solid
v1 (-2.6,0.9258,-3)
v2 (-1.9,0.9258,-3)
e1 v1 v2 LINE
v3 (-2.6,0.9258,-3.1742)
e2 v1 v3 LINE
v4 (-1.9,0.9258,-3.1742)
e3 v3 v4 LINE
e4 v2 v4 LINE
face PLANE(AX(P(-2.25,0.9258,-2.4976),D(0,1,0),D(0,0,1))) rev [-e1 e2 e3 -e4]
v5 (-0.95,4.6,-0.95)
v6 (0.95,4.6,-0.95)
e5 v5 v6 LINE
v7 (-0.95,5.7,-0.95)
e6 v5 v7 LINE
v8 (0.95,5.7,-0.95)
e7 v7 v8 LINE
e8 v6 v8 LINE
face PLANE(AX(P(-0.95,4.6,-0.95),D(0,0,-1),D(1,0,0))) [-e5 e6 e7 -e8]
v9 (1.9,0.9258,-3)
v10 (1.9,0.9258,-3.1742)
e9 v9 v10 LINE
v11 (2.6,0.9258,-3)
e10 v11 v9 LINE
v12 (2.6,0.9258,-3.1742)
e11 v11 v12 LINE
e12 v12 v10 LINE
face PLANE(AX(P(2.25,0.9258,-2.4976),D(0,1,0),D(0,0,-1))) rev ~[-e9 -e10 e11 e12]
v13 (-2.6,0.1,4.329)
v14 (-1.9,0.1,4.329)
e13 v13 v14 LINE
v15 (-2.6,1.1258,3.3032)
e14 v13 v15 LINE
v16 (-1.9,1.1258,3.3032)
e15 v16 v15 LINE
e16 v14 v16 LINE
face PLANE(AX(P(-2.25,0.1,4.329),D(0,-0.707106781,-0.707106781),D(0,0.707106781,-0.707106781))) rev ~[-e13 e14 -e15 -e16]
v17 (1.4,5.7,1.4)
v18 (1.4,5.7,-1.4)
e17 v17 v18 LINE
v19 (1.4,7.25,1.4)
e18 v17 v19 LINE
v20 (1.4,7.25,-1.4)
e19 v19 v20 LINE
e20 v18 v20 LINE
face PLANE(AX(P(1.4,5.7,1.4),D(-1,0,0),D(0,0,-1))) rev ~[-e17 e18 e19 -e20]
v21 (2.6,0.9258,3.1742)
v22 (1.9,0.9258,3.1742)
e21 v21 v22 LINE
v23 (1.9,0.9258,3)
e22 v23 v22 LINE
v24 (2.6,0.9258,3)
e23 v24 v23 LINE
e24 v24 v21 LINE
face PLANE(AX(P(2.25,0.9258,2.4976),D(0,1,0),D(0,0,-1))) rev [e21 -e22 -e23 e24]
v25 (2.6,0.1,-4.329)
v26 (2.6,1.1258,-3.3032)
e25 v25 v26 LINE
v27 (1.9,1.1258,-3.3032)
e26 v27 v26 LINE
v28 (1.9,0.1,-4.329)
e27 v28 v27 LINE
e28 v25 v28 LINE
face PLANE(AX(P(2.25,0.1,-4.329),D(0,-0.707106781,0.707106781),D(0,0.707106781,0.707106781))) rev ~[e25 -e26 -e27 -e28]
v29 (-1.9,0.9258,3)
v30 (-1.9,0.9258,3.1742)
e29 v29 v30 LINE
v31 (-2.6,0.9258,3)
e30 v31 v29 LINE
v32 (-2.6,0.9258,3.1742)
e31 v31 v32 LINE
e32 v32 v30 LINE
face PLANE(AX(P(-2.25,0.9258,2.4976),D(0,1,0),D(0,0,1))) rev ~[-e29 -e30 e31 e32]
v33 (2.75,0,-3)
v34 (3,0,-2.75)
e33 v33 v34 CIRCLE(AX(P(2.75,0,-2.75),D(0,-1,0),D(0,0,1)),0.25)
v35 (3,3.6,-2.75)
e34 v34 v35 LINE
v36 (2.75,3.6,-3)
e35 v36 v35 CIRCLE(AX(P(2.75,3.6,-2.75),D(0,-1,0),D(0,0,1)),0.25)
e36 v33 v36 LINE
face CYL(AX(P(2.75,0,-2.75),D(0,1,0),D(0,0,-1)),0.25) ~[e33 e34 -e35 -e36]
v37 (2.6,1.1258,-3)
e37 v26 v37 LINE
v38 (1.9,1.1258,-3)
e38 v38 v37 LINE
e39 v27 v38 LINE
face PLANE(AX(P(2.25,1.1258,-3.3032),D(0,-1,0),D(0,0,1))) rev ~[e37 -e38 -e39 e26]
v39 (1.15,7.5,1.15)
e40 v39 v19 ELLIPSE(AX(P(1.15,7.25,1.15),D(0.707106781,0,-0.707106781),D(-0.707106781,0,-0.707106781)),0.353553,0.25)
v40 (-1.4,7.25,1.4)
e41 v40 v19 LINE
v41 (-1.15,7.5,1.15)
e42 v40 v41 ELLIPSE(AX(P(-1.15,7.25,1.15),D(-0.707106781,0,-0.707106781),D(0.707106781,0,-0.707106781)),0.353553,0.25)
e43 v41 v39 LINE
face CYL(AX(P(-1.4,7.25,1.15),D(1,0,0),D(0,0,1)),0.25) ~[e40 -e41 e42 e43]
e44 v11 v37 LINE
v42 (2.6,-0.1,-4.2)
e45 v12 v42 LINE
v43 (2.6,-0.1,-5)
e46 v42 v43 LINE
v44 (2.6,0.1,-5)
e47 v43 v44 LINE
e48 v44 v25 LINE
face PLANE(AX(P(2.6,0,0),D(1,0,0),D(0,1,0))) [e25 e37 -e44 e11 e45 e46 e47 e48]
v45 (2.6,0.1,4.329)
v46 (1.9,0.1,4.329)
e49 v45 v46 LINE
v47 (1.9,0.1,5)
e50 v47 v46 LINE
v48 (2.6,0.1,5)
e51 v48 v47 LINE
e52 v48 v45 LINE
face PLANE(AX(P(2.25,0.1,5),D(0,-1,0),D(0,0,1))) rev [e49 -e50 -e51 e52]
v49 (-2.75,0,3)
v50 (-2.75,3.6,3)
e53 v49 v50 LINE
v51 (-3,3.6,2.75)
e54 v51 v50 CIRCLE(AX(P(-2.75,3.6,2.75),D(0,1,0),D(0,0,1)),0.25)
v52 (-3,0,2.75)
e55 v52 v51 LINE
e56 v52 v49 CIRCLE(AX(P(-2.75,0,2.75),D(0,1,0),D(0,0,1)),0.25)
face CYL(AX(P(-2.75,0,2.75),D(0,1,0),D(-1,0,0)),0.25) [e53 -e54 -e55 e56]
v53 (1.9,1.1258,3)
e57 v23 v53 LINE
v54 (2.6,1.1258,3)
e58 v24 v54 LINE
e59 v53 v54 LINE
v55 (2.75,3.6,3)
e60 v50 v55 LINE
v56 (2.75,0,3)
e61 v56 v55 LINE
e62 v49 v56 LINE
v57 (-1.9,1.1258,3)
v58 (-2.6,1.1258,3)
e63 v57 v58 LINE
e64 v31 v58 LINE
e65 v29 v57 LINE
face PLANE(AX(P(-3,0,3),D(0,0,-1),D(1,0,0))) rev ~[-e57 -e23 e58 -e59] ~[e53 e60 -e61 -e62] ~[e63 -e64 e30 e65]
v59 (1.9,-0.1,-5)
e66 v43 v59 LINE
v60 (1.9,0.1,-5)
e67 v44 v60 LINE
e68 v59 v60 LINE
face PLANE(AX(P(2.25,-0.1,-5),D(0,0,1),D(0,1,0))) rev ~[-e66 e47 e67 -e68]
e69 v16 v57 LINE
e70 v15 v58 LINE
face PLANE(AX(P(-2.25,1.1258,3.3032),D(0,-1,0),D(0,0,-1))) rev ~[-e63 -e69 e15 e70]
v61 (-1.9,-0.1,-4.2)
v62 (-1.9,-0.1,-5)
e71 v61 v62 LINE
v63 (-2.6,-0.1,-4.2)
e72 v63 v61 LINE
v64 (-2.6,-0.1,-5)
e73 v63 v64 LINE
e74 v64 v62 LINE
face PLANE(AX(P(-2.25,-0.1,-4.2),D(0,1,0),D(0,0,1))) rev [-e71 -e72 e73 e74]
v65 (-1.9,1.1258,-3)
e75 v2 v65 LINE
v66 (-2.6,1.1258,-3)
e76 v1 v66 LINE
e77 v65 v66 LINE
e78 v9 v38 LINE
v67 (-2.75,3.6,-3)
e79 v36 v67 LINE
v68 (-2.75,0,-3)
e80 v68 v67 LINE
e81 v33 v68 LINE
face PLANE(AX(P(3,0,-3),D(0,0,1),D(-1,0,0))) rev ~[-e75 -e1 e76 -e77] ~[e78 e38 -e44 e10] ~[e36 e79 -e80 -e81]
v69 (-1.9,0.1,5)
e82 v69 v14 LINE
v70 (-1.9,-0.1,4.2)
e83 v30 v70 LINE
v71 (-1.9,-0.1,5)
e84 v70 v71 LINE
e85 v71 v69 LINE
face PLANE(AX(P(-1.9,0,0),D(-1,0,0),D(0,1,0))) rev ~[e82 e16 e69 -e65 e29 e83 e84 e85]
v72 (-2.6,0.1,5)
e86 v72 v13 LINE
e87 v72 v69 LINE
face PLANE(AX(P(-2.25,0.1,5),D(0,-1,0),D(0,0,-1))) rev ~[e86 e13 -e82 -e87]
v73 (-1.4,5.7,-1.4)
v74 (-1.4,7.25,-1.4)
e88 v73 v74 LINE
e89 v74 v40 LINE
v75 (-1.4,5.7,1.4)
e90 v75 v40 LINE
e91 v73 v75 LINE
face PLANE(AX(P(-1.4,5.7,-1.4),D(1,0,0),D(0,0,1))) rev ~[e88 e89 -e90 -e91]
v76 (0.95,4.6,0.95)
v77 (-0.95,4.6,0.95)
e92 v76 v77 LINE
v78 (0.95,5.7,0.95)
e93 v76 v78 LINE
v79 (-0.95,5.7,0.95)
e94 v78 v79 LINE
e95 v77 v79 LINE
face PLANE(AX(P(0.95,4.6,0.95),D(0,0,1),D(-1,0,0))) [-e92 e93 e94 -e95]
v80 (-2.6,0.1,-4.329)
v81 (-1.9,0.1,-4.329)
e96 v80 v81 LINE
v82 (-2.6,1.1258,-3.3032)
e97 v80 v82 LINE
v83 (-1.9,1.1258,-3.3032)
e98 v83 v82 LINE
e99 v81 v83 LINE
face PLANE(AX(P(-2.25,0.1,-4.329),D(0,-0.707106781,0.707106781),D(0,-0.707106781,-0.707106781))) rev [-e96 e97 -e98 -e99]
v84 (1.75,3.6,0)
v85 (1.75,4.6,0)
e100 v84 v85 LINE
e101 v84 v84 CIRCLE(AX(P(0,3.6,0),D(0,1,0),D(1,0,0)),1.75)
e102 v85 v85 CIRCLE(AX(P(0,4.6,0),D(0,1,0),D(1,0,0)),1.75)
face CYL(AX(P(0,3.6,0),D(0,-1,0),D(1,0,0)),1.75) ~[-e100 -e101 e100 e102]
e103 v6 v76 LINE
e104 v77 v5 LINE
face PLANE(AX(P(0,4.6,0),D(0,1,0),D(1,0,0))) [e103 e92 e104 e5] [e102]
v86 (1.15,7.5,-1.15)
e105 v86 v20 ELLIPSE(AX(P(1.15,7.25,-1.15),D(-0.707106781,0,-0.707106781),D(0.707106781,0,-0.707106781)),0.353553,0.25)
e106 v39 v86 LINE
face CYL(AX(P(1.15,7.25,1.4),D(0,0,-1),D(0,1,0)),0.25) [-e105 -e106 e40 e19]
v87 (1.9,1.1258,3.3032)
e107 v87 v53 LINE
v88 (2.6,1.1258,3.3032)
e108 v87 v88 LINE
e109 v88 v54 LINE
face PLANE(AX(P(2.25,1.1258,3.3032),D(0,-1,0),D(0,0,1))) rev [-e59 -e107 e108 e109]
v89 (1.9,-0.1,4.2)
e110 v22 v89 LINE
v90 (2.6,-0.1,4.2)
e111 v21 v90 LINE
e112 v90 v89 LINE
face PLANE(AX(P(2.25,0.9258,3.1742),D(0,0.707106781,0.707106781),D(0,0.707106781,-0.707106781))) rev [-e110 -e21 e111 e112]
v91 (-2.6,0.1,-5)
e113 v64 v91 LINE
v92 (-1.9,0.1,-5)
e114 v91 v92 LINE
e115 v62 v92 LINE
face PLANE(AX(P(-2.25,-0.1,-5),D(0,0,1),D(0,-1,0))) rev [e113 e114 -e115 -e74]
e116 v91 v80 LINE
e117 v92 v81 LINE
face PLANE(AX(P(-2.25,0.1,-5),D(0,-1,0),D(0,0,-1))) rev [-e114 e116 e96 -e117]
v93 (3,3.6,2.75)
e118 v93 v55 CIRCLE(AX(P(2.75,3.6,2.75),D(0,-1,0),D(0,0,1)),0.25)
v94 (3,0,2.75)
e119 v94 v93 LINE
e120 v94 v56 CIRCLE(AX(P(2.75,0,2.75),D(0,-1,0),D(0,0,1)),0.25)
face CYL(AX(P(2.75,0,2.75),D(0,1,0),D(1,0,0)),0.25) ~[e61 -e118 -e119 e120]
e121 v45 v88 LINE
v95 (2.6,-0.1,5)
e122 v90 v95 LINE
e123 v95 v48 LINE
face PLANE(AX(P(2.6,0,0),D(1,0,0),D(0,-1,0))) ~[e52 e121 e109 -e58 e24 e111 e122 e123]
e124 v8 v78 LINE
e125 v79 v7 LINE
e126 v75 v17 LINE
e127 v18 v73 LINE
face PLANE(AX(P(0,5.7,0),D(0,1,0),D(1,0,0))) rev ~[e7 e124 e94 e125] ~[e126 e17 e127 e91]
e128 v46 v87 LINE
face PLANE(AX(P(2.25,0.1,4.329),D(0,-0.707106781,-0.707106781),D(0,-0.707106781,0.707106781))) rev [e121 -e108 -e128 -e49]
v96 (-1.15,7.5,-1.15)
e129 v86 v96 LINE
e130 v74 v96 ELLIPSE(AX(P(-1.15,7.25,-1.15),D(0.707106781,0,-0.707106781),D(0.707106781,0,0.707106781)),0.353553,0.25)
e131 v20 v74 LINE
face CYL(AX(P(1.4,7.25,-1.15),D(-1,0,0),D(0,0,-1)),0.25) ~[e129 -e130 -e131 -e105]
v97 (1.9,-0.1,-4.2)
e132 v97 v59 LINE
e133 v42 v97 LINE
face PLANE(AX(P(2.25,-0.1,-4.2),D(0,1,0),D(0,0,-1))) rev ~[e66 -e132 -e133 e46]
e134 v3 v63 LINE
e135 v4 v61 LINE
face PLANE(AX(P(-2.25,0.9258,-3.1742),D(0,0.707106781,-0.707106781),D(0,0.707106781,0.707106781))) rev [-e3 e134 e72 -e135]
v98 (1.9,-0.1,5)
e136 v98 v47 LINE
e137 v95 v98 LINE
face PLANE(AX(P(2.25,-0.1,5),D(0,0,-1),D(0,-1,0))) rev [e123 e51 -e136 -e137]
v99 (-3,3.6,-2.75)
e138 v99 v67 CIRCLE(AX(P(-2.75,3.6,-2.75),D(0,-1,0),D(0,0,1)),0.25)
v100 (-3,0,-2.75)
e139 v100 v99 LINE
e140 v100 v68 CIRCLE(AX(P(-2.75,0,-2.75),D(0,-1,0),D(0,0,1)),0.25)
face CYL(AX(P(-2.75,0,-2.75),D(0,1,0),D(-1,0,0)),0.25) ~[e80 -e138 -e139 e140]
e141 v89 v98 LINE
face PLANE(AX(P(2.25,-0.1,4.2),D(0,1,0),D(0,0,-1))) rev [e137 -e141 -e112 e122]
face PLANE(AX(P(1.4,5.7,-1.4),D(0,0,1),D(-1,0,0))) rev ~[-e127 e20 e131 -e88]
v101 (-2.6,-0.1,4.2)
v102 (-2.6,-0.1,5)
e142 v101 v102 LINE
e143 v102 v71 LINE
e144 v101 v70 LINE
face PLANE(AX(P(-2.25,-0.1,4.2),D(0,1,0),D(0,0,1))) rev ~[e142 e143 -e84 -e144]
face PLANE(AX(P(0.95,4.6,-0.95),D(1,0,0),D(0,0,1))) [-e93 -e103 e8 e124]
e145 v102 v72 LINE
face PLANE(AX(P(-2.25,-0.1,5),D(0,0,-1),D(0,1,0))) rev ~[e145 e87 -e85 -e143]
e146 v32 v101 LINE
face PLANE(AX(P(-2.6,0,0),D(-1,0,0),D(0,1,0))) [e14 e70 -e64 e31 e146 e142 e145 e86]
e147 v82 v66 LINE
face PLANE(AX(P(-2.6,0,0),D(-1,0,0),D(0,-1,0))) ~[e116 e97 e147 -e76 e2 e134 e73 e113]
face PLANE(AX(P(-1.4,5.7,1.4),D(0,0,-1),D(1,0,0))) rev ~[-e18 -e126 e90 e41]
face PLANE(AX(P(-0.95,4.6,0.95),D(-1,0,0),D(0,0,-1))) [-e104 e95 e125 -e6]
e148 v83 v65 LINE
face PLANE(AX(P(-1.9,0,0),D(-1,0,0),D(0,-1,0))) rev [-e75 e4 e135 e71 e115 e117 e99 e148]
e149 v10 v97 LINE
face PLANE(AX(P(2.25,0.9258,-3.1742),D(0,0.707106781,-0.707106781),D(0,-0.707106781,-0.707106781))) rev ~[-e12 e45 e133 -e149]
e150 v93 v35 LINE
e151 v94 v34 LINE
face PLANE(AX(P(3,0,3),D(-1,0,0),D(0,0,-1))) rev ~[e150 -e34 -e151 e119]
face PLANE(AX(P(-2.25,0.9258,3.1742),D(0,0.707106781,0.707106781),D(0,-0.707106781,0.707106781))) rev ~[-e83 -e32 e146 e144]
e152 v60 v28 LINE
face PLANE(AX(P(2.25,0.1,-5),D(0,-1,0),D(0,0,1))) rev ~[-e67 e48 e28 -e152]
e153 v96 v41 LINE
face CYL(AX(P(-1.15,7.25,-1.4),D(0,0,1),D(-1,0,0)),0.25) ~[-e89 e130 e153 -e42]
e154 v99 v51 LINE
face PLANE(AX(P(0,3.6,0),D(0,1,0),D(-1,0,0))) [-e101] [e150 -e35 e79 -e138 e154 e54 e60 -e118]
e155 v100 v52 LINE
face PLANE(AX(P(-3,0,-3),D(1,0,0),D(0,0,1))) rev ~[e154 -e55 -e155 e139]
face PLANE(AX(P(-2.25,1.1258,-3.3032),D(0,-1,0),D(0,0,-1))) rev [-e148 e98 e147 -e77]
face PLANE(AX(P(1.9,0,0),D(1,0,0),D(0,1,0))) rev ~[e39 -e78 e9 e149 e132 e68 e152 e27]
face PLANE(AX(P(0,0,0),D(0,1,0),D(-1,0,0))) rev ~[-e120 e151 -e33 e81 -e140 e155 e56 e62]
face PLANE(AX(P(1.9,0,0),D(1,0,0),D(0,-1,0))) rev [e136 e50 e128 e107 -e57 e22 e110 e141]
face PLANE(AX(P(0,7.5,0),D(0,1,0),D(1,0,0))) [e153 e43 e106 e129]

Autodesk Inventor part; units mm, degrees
ref_plane "XZ Plane" through (0, 0, 0) normal (0, 1, 0) x (-1, 0, 0)
ref_plane "XY Plane" through (0, 0, 0) normal (0, 0, 1) x (1, 0, 0)
sketch "Sketch1" plane through (0, 0, 0) normal (0, 1, 0) x (-1, 0, 0)
  line L0 (3, 3) -> (-3, 3)
  line L1 (-3, 3) -> (-3, -3)
  line L2 (-3, -3) -> (3, -3)
  line L3 (3, -3) -> (3, 3)
  point P0 (0, 0)
  dimension "d0" = 6
  dimension "d1" = 6
  dimension "d2" = 3
  dimension "d3" = 3
extrude "Extrusion1" add sketch "Sketch1" along normal blind 3.6
fillet "Fillet1" radius 0.25 4 edges at (3, 1.8, 3) (3, 1.8, -3) (-3, 1.8, 3) (-3, 1.8, -3)
sketch "Sketch2" plane through (0, 3.6, 0) normal (0, 1, 0) x (1, 0, 0)
  circle A0 centre (0, 0) radius 1.75
  dimension "d7" = 3.5
extrude "Extrusion2" add sketch "Sketch2" along normal blind 1
sketch "Sketch3" plane through (0, 4.6, 0) normal (0, 1, 0) x (1, 0, 0)
  line L0 (0.95, -0.95) -> (-0.95, -0.95)
  line L1 (-0.95, -0.95) -> (-0.95, 0.95)
  line L2 (-0.95, 0.95) -> (0.95, 0.95)
  line L3 (0.95, 0.95) -> (0.95, -0.95)
  point P0 (0, 0)
  dimension "d10" = 1.9
  dimension "d11" = 1.9
  dimension "d12" = 0.95
  dimension "d13" = 0.95
extrude "Extrusion3" add sketch "Sketch3" along normal blind 1.1
sketch "Sketch4" plane through (0, 5.7, 0) normal (0, 1, 0) x (1, 0, 0)
  line L0 (-1.4, -1.4) -> (1.4, -1.4)
  line L1 (1.4, -1.4) -> (1.4, 1.4)
  line L2 (1.4, 1.4) -> (-1.4, 1.4)
  line L3 (-1.4, 1.4) -> (-1.4, -1.4)
  point P0 (0, 0)
  dimension "d16" = 2.8
  dimension "d17" = 2.8
  dimension "d18" = 1.4
  dimension "d19" = 1.4
extrude "Extrusion4" add sketch "Sketch4" along normal blind 1.8
fillet "Fillet2" radius 0.25 4 edges at (1.4, 7.5, 0) (0, 7.5, 1.4) (-1.4, 7.5, 0) (0, 7.5, -1.4)
ref_plane "Work Plane1" through (2.25, 0, 0) normal (1, 0, 0) x (0, 1, 0)
sketch "Sketch5" plane through (2.25, 0, 0) normal (1, 0, 0) x (0, 1, 0)
  line L0 (1.1258, -3.3032) -> (1.1258, -2.4976)
  line L1 (1.1258, -2.4976) -> (0.9258, -2.4976)
  line L2 (0.9258, -2.4976) -> (0.9258, -3.1742)
  line L3 (0.9258, -3.1742) -> (-0.1, -4.2)
  line L4 (-0.1, -4.2) -> (-0.1, -5)
  line L5 (-0.1, -5) -> (0.1, -5)
  line L6 (0.1, -5) -> (0.1, -4.329)
  line L7 (0.1, -4.329) -> (1.1258, -3.3032)
  line L8 (0, 0) -> (-0.9994, 0)
  line L9 (0, 2.75) -> (0, -2.75) projected
  dimension "d24" = 4.2
  dimension "d25" = 5
  dimension "d26" = 0.1
  dimension "d27" = 0.2
  dimension "d28" = 0.2
  dimension "d29" = 45
  dimension "d30" = 45
extrude "Extrusion5" add sketch "Sketch5" along normal mid plane 0.7
mirror "Mirror1" about plane through (0, 0, 0) normal (1, 0, 0) of "Extrusion5"
mirror "Mirror2" about plane through (0, 0, 0) normal (0, 0, 1) of "Extrusion5", "Mirror1"
properties part number "TL3301SPF160QG_Tactile"
